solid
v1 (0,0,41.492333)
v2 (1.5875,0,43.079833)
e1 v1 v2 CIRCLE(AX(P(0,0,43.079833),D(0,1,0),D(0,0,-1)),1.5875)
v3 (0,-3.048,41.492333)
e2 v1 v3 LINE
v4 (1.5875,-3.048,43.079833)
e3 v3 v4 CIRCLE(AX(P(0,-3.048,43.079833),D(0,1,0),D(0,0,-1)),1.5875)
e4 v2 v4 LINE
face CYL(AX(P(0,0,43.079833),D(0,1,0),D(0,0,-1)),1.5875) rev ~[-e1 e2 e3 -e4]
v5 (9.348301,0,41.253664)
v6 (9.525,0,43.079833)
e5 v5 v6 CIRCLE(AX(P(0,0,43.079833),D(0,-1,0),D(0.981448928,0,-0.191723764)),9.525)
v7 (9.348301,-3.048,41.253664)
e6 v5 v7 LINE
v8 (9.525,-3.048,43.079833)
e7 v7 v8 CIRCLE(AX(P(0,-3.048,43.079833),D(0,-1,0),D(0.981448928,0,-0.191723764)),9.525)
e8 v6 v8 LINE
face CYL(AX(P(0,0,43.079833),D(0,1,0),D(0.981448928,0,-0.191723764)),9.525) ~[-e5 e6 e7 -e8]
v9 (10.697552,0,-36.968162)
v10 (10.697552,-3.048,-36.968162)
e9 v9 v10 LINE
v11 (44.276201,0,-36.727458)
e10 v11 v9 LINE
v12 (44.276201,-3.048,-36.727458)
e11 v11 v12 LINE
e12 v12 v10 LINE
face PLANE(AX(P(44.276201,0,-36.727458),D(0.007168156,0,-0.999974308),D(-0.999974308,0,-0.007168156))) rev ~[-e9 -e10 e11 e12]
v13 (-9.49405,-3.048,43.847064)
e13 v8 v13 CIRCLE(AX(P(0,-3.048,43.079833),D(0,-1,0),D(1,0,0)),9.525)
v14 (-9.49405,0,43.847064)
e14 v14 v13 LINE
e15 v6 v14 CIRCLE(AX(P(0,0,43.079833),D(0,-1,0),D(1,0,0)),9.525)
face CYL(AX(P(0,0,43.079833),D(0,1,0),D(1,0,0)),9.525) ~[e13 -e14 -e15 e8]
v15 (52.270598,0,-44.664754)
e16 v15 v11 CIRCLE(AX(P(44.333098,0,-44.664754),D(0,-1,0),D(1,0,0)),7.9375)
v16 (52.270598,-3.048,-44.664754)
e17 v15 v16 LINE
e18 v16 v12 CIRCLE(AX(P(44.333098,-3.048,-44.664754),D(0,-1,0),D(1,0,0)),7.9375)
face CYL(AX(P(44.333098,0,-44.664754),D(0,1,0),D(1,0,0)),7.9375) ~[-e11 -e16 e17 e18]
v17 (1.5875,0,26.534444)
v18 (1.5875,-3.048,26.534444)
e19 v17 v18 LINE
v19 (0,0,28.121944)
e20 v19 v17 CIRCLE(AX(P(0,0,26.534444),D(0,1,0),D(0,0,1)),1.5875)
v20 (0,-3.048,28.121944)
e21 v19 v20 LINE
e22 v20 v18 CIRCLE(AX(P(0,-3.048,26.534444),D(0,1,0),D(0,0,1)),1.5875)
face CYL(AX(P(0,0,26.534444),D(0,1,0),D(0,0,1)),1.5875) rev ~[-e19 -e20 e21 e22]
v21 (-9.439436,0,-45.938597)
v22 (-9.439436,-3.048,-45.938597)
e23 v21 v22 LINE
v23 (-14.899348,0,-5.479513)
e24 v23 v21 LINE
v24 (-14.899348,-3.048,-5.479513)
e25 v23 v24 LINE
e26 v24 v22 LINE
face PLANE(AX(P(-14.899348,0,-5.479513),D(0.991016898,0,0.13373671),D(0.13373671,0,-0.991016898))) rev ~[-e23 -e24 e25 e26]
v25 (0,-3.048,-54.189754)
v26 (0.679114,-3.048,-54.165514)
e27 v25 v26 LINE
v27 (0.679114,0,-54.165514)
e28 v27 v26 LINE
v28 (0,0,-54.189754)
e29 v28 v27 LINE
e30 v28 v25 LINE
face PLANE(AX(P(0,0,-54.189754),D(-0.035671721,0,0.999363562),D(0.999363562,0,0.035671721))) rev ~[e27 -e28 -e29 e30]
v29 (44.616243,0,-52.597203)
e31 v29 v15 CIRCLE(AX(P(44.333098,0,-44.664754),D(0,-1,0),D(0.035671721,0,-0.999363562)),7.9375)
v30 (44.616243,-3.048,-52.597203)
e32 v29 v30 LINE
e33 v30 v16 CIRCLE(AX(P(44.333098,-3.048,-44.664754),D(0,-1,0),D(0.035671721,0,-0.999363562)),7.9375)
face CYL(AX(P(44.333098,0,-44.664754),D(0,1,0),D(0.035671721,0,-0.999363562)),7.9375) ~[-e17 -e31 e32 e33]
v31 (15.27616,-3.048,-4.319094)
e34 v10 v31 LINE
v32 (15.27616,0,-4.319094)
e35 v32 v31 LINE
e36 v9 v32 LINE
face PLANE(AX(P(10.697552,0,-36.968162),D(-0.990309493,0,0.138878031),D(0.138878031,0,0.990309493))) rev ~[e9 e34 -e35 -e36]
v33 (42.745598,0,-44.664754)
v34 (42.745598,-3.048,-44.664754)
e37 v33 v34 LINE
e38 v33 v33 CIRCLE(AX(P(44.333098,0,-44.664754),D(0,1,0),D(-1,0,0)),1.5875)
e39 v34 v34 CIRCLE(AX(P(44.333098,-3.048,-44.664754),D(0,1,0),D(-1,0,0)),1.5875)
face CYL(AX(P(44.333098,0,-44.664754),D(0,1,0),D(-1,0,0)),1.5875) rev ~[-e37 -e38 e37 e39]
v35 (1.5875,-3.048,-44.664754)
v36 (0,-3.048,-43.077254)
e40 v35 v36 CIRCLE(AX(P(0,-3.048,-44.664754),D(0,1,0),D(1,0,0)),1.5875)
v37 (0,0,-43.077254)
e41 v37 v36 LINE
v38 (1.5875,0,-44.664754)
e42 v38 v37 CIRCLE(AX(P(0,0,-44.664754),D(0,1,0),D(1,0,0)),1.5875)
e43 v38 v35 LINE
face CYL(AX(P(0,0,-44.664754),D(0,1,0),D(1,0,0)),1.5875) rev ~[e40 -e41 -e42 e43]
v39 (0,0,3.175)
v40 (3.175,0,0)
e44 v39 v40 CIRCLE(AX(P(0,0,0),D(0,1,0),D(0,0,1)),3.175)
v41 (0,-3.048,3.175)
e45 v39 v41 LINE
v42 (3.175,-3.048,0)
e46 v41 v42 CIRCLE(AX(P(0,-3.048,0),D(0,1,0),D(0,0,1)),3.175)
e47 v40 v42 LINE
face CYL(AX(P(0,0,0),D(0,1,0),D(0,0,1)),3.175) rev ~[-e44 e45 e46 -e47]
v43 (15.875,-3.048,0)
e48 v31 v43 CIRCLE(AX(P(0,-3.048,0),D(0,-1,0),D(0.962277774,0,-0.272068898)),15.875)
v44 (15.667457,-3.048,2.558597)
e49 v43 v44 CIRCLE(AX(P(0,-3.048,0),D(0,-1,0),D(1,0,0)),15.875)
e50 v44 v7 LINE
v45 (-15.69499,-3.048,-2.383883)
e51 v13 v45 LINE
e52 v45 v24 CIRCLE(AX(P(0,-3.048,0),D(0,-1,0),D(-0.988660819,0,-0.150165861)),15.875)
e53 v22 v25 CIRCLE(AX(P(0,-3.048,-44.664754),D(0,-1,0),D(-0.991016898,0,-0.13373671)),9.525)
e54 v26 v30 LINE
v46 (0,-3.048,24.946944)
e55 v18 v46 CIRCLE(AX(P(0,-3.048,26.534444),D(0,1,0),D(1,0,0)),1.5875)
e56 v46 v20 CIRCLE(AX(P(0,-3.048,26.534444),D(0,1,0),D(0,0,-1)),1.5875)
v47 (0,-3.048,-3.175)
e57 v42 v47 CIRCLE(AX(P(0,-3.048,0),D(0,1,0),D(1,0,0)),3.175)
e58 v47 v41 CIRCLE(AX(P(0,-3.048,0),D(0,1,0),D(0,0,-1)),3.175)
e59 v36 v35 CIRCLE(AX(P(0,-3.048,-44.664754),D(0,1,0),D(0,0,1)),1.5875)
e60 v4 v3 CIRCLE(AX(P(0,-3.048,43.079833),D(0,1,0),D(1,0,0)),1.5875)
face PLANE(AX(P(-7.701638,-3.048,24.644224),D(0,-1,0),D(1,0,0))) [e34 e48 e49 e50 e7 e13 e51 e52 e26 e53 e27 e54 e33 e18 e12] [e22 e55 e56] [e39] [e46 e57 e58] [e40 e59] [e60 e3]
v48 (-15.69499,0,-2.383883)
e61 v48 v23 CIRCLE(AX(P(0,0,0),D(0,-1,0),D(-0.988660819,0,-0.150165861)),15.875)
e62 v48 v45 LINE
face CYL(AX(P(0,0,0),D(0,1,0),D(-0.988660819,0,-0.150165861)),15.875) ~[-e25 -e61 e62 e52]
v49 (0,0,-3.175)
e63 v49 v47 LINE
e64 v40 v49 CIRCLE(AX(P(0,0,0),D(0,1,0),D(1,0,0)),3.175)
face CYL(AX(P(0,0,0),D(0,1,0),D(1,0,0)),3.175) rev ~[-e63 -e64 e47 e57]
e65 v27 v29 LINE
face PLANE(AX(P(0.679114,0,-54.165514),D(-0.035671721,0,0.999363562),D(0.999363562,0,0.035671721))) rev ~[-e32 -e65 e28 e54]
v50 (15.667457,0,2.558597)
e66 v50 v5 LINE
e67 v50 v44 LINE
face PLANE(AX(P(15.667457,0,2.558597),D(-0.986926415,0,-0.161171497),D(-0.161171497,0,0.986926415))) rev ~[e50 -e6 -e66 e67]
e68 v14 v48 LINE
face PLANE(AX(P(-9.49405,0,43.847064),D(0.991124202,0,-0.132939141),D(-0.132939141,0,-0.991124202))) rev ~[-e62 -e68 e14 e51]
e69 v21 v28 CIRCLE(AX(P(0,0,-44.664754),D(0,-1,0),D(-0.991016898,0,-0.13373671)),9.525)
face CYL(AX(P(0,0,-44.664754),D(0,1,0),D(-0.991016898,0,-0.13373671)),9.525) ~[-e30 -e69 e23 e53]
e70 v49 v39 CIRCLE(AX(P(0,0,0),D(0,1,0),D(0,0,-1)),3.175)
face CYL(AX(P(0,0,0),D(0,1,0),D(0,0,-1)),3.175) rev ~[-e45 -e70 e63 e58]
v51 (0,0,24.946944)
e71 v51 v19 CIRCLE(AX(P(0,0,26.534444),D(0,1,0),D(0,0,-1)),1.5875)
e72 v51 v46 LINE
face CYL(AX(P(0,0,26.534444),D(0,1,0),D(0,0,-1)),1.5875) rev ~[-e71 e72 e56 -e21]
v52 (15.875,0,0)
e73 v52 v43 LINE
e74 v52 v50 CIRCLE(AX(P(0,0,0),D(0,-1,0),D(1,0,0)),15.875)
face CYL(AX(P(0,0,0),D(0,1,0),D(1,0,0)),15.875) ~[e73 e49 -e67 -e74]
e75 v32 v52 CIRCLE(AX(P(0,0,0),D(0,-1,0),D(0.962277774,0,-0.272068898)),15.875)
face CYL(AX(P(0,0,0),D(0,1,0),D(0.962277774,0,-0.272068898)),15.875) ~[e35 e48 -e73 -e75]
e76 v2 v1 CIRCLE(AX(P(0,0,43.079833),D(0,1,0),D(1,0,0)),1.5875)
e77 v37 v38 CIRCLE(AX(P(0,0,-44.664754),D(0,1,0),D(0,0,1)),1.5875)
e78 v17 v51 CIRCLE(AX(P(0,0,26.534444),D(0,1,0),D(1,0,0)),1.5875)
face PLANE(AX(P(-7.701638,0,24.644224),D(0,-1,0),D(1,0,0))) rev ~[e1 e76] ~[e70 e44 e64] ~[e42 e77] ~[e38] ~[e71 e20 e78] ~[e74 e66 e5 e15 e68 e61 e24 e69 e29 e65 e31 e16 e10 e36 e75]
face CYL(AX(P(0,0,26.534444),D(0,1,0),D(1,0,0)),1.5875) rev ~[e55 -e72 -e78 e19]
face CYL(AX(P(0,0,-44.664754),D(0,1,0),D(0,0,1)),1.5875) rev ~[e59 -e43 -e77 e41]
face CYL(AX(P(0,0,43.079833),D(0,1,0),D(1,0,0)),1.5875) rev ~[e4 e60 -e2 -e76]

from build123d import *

# Parameters (mm, degrees)
F1_DEPTH = 3.048


with BuildPart() as f1:
    # F0 (on Front) → F1 (new body)
    with BuildSketch(Plane.XZ):
        with BuildLine():
            Line((0, 28.1219437212), (0, 33.5548328109))
            ThreePointArc((0, 33.5548328109), (-7.0011965198, 36.6215921611), (-9.4940497557, 43.8470643509))
            Line((-9.4940497557, 43.8470643509), (-14.5120441123, 6.4355419883))
            ThreePointArc((-14.5120441123, 6.4355419883), (-8.655963145, 13.3075139313), (0, 15.875))
            Line((0, 15.875), (0, 24.9469437212))
            ThreePointArc((0, 24.9469437212), (-1.5875, 26.5344437212), (0, 28.1219437212))
        make_face()
        with BuildLine():
            ThreePointArc((-9.4940497557, 43.8470643509), (-7.0011965198, 36.6215921611), (0, 33.5548328109))
            ThreePointArc((0, 33.5548328109), (6.055219513, 35.7272862011), (9.3483010398, 41.2536639606))
            ThreePointArc((9.3483010398, 41.2536639606), (9.480722346, 42.1624840233), (9.525, 43.0798328109))
            ThreePointArc((9.525, 43.0798328109), (0.3839277776, 52.5970921045), (-9.4940497557, 43.8470643509))
        make_face()
        with BuildLine():
            ThreePointArc((1.5875, 43.0798328109), (1.1225320151, 41.9573007958), (0, 41.4923328109))
            ThreePointArc((0, 41.4923328109), (-1.1225320151, 44.2023648261), (1.5875, 43.0798328109))
        make_face(mode=Mode.SUBTRACT)
        with BuildLine():
            ThreePointArc((9.3483010398, 41.2536639606), (6.055219513, 35.7272862011), (0, 33.5548328109))
            Line((0, 33.5548328109), (0, 28.1219437212))
            ThreePointArc((0, 28.1219437212), (1.1225320151, 27.6569757363), (1.5875, 26.5344437212))
            ThreePointArc((1.5875, 26.5344437212), (1.1225320151, 25.411911706), (0, 24.9469437212))
            Line((0, 24.9469437212), (0, 15.875))
            ThreePointArc((0, 15.875), (10.2809992556, 12.0961431583), (15.6674568575, 2.558597393))
            Line((15.6674568575, 2.558597393), (9.3483010398, 41.2536639606))
        make_face()
        with BuildLine():
            ThreePointArc((15.875, 0), (15.8230291445, 1.2835005625), (15.6674568575, 2.558597393))
            ThreePointArc((15.6674568575, 2.558597393), (10.2809992556, 12.0961431583), (0, 15.875))
            Line((0, 15.875), (0, 3.175))
            ThreePointArc((0, 3.175), (2.2450640303, 2.2450640303), (3.175, 0))
            ThreePointArc((3.175, 0), (2.2450640303, -2.2450640303), (0, -3.175))
            Line((0, -3.175), (0, -15.875))
            ThreePointArc((0, -15.875), (9.5773172553, -12.6605931611), (15.2761596654, -4.3190937564))
            ThreePointArc((15.2761596654, -4.3190937564), (15.7245772549, -2.1802053013), (15.875, 0))
        make_face()
        with BuildLine():
            ThreePointArc((0, 15.875), (-8.655963145, 13.3075139313), (-14.5120441123, 6.4355419883))
            Line((-14.5120441123, 6.4355419883), (-15.6949904948, -2.3838830444))
            ThreePointArc((-15.6949904948, -2.3838830444), (-15.3752760195, -3.951773314), (-14.8993476116, -5.4795132768))
            ThreePointArc((-14.8993476116, -5.4795132768), (-9.0837313845, -13.0192722198), (0, -15.875))
            Line((0, -15.875), (0, -3.175))
            ThreePointArc((0, -3.175), (-3.175, 0), (0, 3.175))
            Line((0, 3.175), (0, 15.875))
        make_face()
        with BuildLine():
            ThreePointArc((0, -15.875), (-9.0837313845, -13.0192722198), (-14.8993476116, -5.4795132768))
            Line((-14.8993476116, -5.4795132768), (-9.4394359543, -45.9385966374))
            ThreePointArc((-9.4394359543, -45.9385966374), (-7.1714354085, -38.3960912017), (0, -35.1397544709))
            Line((0, -35.1397544709), (0, -15.875))
        make_face()
        with BuildLine():
            Line((10.6975523741, -36.9681615729), (15.2761596654, -4.3190937564))
            ThreePointArc((15.2761596654, -4.3190937564), (9.5773172553, -12.6605931611), (0, -15.875))
            Line((0, -15.875), (0, -35.1397544709))
            ThreePointArc((0, -35.1397544709), (2.9798902503, -35.6178832384), (5.660615933, -37.0042680464))
            Line((5.660615933, -37.0042680464), (10.6975523741, -36.9681615729))
        make_face()
        with BuildLine():
            ThreePointArc((5.660615933, -37.0042680464), (2.9798902503, -35.6178832384), (0, -35.1397544709))
            Line((0, -35.1397544709), (0, -43.0772544709))
            ThreePointArc((0, -43.0772544709), (1.1225320151, -43.5422224557), (1.5875, -44.6647544709))
            Line((1.5875, -44.6647544709), (9.525, -44.6647544709))
            ThreePointArc((9.525, -44.6647544709), (8.5042046001, -40.374751077), (5.660615933, -37.0042680464))
        make_face()
        with BuildLine():
            ThreePointArc((0, -35.1397544709), (-7.1714354085, -38.3960912017), (-9.4394359543, -45.9385966374))
            ThreePointArc((-9.4394359543, -45.9385966374), (-6.2686632691, -51.8361898794), (0, -54.1897544709))
            Line((0, -54.1897544709), (0.6791137982, -54.1655138852))
            ThreePointArc((0.6791137982, -54.1655138852), (6.9711614501, -51.155404133), (9.525, -44.6647544709))
            Line((9.525, -44.6647544709), (1.5875, -44.6647544709))
            ThreePointArc((1.5875, -44.6647544709), (-1.1225320151, -45.787286486), (0, -43.0772544709))
            Line((0, -43.0772544709), (0, -35.1397544709))
        make_face()
        with BuildLine():
            Line((9.6182052834, -44.6647544709), (10.6975523741, -36.9681615729))
            Line((10.6975523741, -36.9681615729), (5.660615933, -37.0042680464))
            ThreePointArc((5.660615933, -37.0042680464), (8.5042046001, -40.374751077), (9.525, -44.6647544709))
            Line((9.525, -44.6647544709), (9.6182052834, -44.6647544709))
        make_face()
        with BuildLine():
            Line((44.2762012087, -36.7274583976), (10.6975523741, -36.9681615729))
            Line((10.6975523741, -36.9681615729), (9.6182052834, -44.6647544709))
            Line((9.6182052834, -44.6647544709), (36.3955984465, -44.6647544709))
            ThreePointArc((36.3955984465, -44.6647544709), (38.7003580799, -39.0722467854), (44.2762012087, -36.7274583976))
        make_face()
        with BuildLine():
            Line((36.3955984465, -44.6647544709), (9.6182052834, -44.6647544709))
            Line((9.6182052834, -44.6647544709), (9.525, -44.6647544709))
            ThreePointArc((9.525, -44.6647544709), (6.9711614501, -51.155404133), (0.6791137982, -54.1655138852))
            Line((0.6791137982, -54.1655138852), (44.6162427329, -52.5972027413))
            ThreePointArc((44.6162427329, -52.5972027413), (38.8214540242, -50.3766440016), (36.3955984465, -44.6647544709))
        make_face()
        with BuildLine():
            ThreePointArc((52.2705984465, -44.6647544709), (49.925606132, -39.0320141043), (44.2762012087, -36.7274583976))
            ThreePointArc((44.2762012087, -36.7274583976), (38.7003580799, -39.0722467854), (36.3955984465, -44.6647544709))
            ThreePointArc((36.3955984465, -44.6647544709), (38.8214540242, -50.3766440016), (44.6162427329, -52.5972027413))
            ThreePointArc((44.6162427329, -52.5972027413), (50.0449879773, -50.1763988932), (52.2705984465, -44.6647544709))
        make_face()
        with BuildLine():
            ThreePointArc((45.9205984465, -44.6647544709), (44.3330984465, -46.2522544709), (42.7455984465, -44.6647544709))
            ThreePointArc((42.7455984465, -44.6647544709), (44.3330984465, -43.0772544709), (45.9205984465, -44.6647544709))
        make_face(mode=Mode.SUBTRACT)
    extrude(amount=F1_DEPTH)


solid = f1.part
